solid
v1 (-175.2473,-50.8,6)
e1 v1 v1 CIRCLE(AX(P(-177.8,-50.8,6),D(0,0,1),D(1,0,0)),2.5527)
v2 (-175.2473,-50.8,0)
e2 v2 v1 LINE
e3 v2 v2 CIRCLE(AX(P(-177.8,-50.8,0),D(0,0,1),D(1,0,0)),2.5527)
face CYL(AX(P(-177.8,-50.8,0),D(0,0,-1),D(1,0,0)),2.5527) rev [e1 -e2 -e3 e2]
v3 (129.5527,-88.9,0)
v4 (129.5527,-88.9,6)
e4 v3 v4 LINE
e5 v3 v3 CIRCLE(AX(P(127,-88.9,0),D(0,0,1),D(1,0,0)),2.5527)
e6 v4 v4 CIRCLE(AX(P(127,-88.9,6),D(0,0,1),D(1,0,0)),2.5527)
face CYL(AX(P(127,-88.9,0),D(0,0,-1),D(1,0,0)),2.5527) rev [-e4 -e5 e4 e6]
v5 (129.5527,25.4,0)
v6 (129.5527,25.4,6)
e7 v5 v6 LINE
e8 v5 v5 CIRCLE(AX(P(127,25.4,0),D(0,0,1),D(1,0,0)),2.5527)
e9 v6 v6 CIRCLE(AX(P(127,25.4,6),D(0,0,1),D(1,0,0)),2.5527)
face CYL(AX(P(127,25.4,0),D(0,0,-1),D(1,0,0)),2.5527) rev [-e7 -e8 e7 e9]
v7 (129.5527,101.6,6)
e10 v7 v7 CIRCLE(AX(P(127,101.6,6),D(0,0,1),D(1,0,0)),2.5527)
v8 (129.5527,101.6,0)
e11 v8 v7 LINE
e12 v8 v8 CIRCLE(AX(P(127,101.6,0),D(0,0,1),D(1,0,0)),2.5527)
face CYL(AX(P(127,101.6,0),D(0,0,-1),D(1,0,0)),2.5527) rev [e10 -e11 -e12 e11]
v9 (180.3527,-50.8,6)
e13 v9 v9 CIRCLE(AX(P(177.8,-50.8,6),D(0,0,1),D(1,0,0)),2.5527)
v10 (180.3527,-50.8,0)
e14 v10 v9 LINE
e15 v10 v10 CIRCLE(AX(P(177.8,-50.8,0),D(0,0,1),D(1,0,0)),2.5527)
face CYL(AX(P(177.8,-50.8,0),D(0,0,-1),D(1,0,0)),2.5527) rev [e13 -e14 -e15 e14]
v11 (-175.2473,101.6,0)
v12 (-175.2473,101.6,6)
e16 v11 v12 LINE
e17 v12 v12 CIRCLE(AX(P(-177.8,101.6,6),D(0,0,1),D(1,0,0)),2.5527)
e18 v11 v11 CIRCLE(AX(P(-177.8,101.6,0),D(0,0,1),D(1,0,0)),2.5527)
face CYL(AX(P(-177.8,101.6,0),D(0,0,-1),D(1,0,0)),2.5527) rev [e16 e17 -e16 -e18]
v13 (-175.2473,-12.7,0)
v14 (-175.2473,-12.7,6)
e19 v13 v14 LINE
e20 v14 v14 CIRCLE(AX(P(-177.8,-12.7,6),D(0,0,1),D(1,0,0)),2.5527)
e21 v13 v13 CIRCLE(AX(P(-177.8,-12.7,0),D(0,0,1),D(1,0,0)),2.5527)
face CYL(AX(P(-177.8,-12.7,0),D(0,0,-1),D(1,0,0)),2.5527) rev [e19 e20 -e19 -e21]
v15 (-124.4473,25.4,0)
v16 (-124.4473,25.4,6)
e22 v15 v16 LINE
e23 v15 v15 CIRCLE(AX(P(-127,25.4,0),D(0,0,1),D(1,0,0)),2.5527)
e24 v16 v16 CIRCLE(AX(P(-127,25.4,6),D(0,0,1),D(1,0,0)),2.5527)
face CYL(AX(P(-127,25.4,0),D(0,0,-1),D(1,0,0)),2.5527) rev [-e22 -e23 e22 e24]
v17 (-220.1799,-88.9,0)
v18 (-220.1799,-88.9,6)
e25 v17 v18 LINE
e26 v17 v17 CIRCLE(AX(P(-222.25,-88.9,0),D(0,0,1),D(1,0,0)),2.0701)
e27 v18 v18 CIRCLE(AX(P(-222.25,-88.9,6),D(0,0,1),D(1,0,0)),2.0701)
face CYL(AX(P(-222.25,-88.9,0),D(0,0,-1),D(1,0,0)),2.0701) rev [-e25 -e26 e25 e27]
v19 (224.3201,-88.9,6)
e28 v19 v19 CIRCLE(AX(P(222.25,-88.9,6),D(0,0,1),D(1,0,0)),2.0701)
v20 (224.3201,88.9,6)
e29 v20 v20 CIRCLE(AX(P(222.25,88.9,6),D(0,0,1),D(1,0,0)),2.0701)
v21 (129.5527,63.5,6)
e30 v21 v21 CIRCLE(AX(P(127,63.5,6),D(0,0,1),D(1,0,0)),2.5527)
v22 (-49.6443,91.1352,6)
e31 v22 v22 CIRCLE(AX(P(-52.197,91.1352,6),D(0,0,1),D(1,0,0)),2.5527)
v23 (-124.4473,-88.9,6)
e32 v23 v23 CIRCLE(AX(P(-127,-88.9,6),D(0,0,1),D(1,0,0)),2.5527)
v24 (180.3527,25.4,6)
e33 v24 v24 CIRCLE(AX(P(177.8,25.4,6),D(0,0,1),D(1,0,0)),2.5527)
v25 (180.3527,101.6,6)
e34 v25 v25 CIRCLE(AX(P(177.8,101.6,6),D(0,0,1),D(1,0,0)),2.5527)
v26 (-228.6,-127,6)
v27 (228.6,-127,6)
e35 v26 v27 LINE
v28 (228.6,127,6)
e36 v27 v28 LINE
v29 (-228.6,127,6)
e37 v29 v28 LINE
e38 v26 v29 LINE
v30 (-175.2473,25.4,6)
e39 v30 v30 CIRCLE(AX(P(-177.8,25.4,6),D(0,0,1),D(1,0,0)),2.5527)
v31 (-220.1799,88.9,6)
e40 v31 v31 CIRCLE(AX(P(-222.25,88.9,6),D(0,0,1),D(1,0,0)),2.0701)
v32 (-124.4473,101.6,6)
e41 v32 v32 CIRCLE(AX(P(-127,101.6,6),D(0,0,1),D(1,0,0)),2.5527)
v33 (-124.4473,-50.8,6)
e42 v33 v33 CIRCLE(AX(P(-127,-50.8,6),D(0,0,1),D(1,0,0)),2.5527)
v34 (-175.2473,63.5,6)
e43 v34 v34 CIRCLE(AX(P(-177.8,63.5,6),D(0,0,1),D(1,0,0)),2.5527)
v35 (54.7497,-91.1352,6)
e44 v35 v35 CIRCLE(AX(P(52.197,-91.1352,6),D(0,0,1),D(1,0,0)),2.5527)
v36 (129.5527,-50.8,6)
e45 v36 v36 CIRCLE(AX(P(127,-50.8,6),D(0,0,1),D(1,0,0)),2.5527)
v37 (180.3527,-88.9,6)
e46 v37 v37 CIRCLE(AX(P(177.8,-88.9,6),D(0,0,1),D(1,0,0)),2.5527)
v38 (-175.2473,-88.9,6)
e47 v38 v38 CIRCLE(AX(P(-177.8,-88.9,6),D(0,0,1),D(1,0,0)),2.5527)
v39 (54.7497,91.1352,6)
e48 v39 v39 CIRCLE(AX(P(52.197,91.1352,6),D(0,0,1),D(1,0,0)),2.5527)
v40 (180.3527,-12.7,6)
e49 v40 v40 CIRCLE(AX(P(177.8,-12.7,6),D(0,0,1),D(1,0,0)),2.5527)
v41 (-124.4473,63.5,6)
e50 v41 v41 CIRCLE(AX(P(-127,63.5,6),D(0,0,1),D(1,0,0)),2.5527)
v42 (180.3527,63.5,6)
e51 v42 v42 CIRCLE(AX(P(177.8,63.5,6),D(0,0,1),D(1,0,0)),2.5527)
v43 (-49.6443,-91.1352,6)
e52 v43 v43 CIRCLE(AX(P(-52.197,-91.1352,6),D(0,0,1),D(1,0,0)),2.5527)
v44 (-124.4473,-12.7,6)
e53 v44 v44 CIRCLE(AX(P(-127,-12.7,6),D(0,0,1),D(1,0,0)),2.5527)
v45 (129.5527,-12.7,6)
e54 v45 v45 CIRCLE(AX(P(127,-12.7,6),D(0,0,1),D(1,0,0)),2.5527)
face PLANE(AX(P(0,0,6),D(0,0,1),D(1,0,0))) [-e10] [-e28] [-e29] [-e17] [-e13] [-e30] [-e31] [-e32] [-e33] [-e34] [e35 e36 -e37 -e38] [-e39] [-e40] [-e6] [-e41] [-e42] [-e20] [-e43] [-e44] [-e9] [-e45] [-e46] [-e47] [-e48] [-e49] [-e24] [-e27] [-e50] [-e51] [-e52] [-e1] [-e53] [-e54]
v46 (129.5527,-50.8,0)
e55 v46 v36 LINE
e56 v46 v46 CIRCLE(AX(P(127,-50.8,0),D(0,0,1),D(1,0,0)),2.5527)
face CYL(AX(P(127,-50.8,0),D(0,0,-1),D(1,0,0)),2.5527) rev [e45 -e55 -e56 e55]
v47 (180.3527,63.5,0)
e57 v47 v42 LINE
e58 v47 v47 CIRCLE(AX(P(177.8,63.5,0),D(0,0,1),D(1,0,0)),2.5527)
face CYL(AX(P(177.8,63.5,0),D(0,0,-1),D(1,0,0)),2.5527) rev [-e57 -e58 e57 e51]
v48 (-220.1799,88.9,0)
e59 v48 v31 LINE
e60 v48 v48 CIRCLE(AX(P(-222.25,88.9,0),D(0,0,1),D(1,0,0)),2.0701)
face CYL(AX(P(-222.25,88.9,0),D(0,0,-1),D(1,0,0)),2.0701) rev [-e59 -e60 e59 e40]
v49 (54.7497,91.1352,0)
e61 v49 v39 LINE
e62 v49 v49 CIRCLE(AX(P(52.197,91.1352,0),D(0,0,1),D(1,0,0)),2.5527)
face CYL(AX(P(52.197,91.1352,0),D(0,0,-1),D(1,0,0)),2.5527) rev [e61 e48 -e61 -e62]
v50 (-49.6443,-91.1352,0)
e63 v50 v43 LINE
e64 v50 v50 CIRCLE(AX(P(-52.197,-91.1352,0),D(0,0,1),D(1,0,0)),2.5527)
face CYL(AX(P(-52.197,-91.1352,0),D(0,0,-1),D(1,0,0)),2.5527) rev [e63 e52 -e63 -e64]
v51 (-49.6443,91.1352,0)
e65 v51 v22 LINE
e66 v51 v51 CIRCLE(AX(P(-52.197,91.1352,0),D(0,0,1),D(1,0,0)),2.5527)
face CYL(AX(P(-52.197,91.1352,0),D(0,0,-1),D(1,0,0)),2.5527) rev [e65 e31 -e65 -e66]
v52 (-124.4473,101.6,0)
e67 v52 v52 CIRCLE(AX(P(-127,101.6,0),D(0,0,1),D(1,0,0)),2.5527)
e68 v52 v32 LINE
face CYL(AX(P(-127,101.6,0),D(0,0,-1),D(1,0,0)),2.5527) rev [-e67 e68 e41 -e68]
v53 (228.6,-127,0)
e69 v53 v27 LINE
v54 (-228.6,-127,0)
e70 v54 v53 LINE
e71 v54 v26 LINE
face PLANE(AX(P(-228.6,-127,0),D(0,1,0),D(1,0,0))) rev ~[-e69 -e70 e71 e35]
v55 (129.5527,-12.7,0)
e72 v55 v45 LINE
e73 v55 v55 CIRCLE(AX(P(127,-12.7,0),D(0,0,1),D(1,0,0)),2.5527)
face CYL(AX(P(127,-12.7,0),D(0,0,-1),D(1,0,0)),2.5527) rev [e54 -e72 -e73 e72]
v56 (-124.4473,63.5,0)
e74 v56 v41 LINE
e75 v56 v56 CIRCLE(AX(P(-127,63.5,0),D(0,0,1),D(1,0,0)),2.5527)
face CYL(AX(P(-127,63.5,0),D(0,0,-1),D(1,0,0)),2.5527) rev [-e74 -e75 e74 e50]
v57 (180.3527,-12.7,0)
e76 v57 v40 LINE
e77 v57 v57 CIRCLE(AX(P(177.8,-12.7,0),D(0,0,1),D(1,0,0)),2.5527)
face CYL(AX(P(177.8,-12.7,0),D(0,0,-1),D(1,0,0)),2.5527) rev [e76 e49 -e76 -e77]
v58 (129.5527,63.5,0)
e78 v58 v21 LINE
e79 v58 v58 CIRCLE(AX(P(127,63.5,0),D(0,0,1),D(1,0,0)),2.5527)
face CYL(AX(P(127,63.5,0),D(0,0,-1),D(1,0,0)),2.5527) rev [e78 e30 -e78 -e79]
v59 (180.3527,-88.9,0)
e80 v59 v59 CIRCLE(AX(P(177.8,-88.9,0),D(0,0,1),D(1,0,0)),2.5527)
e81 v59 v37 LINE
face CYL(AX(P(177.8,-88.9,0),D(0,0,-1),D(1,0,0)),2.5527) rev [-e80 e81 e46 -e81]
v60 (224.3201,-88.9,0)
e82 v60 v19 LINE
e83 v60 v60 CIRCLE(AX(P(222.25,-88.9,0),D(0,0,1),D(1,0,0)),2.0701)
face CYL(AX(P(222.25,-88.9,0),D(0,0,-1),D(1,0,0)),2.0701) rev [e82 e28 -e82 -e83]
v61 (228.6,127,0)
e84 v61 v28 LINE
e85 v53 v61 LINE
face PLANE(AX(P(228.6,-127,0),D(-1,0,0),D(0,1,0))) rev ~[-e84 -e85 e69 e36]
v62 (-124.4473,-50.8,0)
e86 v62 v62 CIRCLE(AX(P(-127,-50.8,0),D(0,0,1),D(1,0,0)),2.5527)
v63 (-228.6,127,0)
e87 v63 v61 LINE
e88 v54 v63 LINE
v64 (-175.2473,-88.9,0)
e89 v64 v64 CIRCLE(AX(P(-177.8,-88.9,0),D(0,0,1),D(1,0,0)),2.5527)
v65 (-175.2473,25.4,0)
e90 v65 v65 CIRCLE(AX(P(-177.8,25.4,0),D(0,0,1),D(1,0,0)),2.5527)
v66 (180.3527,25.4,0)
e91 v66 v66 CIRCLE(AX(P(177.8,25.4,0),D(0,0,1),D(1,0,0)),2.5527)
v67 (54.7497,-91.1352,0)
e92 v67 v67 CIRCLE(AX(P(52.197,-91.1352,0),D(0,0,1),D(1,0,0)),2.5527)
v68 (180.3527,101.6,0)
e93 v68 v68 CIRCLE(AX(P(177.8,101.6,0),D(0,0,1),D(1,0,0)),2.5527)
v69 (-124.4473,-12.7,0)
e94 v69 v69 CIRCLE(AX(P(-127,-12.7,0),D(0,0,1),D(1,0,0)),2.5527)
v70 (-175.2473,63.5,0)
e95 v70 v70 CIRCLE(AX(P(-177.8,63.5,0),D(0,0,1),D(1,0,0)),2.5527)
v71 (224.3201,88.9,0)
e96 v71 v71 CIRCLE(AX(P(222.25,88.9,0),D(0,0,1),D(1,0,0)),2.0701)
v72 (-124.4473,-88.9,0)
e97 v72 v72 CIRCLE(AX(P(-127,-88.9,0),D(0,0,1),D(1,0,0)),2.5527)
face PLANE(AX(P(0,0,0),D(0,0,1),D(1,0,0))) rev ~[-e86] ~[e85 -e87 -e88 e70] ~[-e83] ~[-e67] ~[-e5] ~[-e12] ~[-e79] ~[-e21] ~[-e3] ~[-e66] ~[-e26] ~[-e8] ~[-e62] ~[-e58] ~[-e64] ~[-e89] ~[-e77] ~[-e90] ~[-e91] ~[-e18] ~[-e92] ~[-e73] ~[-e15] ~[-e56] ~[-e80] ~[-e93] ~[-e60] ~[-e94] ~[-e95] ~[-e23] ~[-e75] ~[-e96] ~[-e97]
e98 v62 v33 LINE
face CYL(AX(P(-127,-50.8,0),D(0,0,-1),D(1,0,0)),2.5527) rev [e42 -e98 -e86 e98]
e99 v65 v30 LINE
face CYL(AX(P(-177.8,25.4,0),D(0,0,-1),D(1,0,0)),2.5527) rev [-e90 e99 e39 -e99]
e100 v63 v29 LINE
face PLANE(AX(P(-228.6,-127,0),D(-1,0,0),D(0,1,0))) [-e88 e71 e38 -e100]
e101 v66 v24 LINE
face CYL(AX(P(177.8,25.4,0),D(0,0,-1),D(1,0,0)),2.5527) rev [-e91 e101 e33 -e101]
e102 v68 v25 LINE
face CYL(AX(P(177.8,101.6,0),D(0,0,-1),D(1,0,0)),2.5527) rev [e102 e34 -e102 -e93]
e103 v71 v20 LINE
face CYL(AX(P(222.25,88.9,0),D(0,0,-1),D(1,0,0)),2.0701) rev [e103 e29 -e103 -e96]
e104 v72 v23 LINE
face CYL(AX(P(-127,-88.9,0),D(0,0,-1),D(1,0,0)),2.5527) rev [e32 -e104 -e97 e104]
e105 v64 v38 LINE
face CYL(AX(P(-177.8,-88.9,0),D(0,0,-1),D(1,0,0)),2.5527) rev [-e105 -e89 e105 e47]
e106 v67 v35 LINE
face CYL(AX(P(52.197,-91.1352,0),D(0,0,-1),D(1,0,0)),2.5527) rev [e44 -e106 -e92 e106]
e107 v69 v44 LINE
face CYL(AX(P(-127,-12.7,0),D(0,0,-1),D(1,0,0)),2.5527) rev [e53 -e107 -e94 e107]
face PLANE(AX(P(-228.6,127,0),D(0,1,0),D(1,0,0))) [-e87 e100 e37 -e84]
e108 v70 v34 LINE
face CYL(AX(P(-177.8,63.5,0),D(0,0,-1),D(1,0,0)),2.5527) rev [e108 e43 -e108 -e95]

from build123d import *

# Parameters (mm, degrees)
F0_W     = 457.2
F0_H     = 254
F0_R     = 2.0701
F0_R_2   = 2.5527
F1_DEPTH = 6


with BuildPart() as f1:
    # F0 (on Top) → F1 (new body)
    with BuildSketch(Plane.XY):
        Rectangle(F0_W, F0_H)
        with Locations((-222.25, -88.9)):
            Circle(F0_R, mode=Mode.SUBTRACT)
        with Locations((-177.8, -88.9)):
            Circle(F0_R_2, mode=Mode.SUBTRACT)
        with Locations((-127, -88.9)):
            Circle(F0_R_2, mode=Mode.SUBTRACT)
        with Locations((-52.197, -91.1352)):
            Circle(F0_R_2, mode=Mode.SUBTRACT)
        with Locations((-177.8, -50.8)):
            Circle(F0_R_2, mode=Mode.SUBTRACT)
        with Locations((-127, -50.8)):
            Circle(F0_R_2, mode=Mode.SUBTRACT)
        with Locations((-177.8, -12.7)):
            Circle(F0_R_2, mode=Mode.SUBTRACT)
        with Locations((-127, -12.7)):
            Circle(F0_R_2, mode=Mode.SUBTRACT)
        with Locations((52.197, -91.1352)):
            Circle(F0_R_2, mode=Mode.SUBTRACT)
        with Locations((127, -88.9)):
            Circle(F0_R_2, mode=Mode.SUBTRACT)
        with Locations((177.8, -88.9)):
            Circle(F0_R_2, mode=Mode.SUBTRACT)
        with Locations((222.25, -88.9)):
            Circle(F0_R, mode=Mode.SUBTRACT)
        with Locations((127, -50.8)):
            Circle(F0_R_2, mode=Mode.SUBTRACT)
        with Locations((177.8, -50.8)):
            Circle(F0_R_2, mode=Mode.SUBTRACT)
        with Locations((127, -12.7)):
            Circle(F0_R_2, mode=Mode.SUBTRACT)
        with Locations((177.8, -12.7)):
            Circle(F0_R_2, mode=Mode.SUBTRACT)
        with Locations((-177.8, 25.4)):
            Circle(F0_R_2, mode=Mode.SUBTRACT)
        with Locations((-127, 25.4)):
            Circle(F0_R_2, mode=Mode.SUBTRACT)
        with Locations((-177.8, 63.5)):
            Circle(F0_R_2, mode=Mode.SUBTRACT)
        with Locations((-222.25, 88.9)):
            Circle(F0_R, mode=Mode.SUBTRACT)
        with Locations((-127, 63.5)):
            Circle(F0_R_2, mode=Mode.SUBTRACT)
        with Locations((-177.8, 101.6)):
            Circle(F0_R_2, mode=Mode.SUBTRACT)
        with Locations((-127, 101.6)):
            Circle(F0_R_2, mode=Mode.SUBTRACT)
        with Locations((-52.197, 91.1352)):
            Circle(F0_R_2, mode=Mode.SUBTRACT)
        with Locations((127, 25.4)):
            Circle(F0_R_2, mode=Mode.SUBTRACT)
        with Locations((177.8, 25.4)):
            Circle(F0_R_2, mode=Mode.SUBTRACT)
        with Locations((52.197, 91.1352)):
            Circle(F0_R_2, mode=Mode.SUBTRACT)
        with Locations((127, 63.5)):
            Circle(F0_R_2, mode=Mode.SUBTRACT)
        with Locations((177.8, 63.5)):
            Circle(F0_R_2, mode=Mode.SUBTRACT)
        with Locations((222.25, 88.9)):
            Circle(F0_R, mode=Mode.SUBTRACT)
        with Locations((127, 101.6)):
            Circle(F0_R_2, mode=Mode.SUBTRACT)
        with Locations((177.8, 101.6)):
            Circle(F0_R_2, mode=Mode.SUBTRACT)
    extrude(amount=F1_DEPTH)


solid = f1.part
